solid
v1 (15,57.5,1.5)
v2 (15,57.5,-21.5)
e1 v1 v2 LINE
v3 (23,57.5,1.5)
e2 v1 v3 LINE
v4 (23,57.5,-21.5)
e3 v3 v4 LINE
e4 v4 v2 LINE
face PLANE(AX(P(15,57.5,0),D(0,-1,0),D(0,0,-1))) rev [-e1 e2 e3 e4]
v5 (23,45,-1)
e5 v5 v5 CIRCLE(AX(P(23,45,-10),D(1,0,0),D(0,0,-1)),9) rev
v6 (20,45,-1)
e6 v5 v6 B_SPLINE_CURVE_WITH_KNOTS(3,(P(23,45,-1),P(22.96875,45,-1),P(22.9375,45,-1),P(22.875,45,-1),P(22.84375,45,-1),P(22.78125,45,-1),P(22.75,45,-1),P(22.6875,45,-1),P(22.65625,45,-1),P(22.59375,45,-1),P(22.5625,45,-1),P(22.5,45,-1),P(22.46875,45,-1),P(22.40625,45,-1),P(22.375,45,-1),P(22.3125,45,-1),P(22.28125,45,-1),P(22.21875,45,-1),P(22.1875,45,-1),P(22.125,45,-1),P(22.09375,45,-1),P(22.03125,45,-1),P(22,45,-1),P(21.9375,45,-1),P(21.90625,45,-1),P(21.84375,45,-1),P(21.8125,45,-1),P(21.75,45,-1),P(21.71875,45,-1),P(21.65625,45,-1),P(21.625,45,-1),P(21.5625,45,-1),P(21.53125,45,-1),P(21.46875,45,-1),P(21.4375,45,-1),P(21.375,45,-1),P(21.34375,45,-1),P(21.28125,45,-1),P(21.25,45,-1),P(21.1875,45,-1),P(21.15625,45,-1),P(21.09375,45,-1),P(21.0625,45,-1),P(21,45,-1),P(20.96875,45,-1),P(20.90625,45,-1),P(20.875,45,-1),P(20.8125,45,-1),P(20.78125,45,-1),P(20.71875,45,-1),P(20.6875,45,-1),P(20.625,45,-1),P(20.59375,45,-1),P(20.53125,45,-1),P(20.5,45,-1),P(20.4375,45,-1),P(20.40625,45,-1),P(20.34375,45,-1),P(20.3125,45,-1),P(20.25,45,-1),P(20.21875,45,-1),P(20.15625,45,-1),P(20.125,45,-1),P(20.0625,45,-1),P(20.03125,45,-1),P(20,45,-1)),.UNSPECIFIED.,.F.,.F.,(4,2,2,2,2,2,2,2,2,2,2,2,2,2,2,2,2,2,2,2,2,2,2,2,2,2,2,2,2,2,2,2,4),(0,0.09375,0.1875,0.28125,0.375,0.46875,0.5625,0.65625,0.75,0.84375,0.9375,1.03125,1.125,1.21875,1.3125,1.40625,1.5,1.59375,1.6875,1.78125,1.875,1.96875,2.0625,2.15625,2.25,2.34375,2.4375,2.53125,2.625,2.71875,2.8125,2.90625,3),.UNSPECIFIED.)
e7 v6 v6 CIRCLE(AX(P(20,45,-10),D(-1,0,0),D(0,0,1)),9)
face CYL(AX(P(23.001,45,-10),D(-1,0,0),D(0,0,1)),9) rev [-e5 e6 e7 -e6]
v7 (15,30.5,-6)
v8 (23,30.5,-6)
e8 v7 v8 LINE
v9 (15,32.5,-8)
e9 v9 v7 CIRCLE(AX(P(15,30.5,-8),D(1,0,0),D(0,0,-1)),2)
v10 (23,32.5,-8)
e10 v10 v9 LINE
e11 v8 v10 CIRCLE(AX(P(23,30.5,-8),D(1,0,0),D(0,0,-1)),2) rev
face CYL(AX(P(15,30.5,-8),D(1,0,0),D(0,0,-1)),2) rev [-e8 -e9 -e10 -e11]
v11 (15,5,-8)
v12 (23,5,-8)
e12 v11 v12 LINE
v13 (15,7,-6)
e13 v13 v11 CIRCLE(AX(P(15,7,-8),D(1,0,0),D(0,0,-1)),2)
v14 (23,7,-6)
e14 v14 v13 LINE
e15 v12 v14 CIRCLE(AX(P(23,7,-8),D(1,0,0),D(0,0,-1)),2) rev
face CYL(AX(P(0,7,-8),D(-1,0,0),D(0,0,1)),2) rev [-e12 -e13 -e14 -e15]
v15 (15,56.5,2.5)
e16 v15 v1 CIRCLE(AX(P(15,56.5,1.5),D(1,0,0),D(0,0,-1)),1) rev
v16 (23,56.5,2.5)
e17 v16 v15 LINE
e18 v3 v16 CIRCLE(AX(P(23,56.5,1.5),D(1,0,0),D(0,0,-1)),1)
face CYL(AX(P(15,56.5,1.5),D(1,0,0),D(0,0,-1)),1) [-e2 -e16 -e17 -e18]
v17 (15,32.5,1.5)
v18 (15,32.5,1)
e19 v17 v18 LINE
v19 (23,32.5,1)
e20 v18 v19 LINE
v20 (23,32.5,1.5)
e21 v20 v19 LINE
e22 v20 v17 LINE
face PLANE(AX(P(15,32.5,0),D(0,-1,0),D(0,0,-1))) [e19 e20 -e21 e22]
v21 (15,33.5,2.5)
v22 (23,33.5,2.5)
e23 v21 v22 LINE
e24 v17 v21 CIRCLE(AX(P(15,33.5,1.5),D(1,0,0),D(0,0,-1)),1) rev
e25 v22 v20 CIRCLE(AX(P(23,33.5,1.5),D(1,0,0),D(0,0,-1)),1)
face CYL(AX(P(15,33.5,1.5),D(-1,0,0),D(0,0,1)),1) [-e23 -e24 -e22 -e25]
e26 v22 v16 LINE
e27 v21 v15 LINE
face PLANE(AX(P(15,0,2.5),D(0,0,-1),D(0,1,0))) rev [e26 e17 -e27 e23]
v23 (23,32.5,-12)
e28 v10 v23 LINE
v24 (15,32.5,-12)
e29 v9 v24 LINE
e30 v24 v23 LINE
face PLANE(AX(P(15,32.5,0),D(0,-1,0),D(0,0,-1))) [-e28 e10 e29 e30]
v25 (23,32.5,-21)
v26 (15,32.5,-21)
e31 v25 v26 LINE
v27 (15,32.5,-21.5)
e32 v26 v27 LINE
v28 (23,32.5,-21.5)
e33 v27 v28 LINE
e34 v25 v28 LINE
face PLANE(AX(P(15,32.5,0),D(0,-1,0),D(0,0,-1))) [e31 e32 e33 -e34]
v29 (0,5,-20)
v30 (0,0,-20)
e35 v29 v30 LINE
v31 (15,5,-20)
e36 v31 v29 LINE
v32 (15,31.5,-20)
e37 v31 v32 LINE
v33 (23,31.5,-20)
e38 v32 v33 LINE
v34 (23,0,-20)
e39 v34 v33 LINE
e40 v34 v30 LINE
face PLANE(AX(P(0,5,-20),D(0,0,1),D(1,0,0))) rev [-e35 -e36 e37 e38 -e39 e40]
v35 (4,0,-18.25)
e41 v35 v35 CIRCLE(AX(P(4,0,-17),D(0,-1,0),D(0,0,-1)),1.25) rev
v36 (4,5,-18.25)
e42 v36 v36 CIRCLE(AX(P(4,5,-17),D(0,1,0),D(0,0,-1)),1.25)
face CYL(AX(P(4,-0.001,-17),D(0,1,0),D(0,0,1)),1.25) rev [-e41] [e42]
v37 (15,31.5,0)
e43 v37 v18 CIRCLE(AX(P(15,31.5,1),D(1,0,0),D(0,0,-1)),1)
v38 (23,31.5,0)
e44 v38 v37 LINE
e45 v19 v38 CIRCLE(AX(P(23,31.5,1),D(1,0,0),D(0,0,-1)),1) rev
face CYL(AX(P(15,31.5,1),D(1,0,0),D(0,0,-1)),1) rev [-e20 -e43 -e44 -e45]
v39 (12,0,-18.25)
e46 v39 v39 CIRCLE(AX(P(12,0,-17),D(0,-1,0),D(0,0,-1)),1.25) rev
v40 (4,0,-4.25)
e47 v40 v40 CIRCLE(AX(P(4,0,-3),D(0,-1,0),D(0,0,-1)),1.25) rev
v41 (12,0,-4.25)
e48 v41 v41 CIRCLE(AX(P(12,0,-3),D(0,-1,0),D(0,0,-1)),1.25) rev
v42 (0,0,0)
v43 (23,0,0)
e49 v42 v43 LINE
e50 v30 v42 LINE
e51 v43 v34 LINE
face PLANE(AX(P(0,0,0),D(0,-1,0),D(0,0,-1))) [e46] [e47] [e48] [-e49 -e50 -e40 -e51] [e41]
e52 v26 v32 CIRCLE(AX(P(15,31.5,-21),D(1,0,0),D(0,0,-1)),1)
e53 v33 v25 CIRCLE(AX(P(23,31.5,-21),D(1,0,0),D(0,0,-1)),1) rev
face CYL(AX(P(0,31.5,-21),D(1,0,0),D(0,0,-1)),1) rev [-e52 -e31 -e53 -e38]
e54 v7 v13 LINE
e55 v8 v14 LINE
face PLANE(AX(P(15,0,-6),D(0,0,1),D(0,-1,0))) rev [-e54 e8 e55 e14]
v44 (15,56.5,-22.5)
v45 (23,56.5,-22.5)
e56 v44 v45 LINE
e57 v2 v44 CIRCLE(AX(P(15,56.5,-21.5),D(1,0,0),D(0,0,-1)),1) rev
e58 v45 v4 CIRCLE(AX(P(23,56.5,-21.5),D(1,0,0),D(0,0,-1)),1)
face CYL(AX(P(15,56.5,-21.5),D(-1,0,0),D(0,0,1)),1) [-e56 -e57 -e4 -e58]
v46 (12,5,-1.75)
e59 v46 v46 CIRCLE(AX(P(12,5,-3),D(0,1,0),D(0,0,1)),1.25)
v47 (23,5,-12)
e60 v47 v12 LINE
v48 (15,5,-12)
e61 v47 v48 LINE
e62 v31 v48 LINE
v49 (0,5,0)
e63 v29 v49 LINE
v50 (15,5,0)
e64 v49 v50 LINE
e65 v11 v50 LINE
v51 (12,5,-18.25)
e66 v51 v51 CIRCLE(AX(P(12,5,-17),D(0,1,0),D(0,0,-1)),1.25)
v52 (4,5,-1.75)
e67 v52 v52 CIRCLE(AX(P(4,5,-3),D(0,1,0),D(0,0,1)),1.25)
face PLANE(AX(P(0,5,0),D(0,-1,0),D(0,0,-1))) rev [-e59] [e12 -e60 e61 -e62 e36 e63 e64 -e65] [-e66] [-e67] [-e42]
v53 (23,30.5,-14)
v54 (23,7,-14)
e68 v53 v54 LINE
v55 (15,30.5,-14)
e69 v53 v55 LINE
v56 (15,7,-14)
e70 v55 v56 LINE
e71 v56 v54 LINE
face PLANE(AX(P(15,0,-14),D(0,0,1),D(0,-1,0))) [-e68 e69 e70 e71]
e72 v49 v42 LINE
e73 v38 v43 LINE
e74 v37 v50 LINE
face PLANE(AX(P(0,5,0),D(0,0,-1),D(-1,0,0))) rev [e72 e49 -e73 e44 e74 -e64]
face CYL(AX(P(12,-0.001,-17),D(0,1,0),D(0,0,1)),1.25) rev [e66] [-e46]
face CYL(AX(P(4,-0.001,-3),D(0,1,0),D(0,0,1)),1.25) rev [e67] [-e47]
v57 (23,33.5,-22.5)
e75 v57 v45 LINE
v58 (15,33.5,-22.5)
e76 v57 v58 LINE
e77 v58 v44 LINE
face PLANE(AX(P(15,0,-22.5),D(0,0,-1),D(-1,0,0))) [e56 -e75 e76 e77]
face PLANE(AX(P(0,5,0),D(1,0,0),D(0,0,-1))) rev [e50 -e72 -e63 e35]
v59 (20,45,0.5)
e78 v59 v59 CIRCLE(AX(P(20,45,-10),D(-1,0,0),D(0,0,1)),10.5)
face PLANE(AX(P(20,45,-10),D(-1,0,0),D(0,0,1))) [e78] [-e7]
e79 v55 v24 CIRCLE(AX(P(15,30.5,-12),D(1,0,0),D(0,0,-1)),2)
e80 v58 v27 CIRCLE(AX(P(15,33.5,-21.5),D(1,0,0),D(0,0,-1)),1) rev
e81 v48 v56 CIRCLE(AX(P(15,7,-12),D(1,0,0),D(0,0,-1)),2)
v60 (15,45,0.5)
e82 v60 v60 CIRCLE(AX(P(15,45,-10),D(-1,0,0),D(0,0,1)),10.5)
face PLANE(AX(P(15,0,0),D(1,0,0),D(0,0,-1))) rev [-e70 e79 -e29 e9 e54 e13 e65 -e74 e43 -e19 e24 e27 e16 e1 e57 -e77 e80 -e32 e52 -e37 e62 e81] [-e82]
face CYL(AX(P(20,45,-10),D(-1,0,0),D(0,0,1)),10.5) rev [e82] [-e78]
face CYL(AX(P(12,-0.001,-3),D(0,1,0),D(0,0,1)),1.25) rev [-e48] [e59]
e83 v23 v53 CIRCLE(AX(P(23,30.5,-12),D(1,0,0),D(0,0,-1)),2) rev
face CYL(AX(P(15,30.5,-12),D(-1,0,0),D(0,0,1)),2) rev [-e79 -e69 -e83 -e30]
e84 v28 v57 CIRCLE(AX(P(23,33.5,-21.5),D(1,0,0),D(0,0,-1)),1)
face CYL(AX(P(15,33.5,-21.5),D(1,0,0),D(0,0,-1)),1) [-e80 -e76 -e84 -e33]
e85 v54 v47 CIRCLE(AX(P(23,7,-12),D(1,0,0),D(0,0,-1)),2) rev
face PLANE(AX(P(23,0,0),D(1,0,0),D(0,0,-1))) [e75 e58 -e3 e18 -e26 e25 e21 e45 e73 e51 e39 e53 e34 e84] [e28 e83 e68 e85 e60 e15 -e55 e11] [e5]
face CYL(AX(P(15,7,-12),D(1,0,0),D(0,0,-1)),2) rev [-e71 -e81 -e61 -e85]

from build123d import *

# Parameters (mm, degrees)
SKETCH1_W                = 20
SKETCH1_H                = 20
BOSS_EXTRUDE1_DEPTH      = 5
BOSS_EXTRUDE2_DEPTH      = 3
BOSS_EXTRUDE2_DEPTH_BACK = 5
SKETCH2_W                = 6
SKETCH2_H                = 27.5
SKETCH2_W_2              = 20
SKETCH2_H_2              = 5
CUT_EXTRUDE1_REACH       = 63.575
SKETCH4_R                = 1.25
SKETCH8_R                = 10.5
CUT_EXTRUDE4_DEPTH       = 5
CUT_EXTRUDE5_REACH       = 66.904
SKETCH9_R                = 9
FILLET2_R                = 1
FILLET3_R                = 2


with BuildPart() as part:
    # Sketch1 → Boss-Extrude1 (new body)
    with BuildSketch(Plane(origin=(0, 0, 0), x_dir=(1, 0, 0), z_dir=(0, 1, 0))):
        with Locations((10, 10)):
            Rectangle(SKETCH1_W, SKETCH1_H)
    extrude(amount=BOSS_EXTRUDE1_DEPTH)

    # Sketch2 → Boss-Extrude2 (add, two sides: drawn at the far end of the back side and taken through both)
    with BuildSketch(Plane(origin=(20, 0, 0), x_dir=(0, 0, -1), z_dir=(1, 0, 0)).offset(-BOSS_EXTRUDE2_DEPTH_BACK)):
        with Locations((17, 18.75)):
            Rectangle(SKETCH2_W, SKETCH2_H)
        with Locations((3, 18.75)):
            Rectangle(SKETCH2_W, SKETCH2_H)
        with Locations((10, 2.5)):
            Rectangle(SKETCH2_W_2, SKETCH2_H_2)
        Polygon((-2.5, 32.5), (0, 32.5), (6, 32.5), (14, 32.5), (20, 32.5), (22.5, 32.5), (22.5, 57.5), (-2.5, 57.5), align=None)
    extrude(amount=BOSS_EXTRUDE2_DEPTH + BOSS_EXTRUDE2_DEPTH_BACK)

    # Sketch4 → Cut-Extrude1 (cut, up to next)
    with BuildSketch(Plane(origin=(0, 5, 0), x_dir=(1, 0, 0), z_dir=(0, 1, 0)), mode=Mode.PRIVATE) as cut_extrude1_sk1:
        with Locations(Location((12, 3, 0), (0, 0, 270))):
            Circle(SKETCH4_R)
    cut_extrude1_tool1 = extrude(cut_extrude1_sk1.sketch, amount=-CUT_EXTRUDE1_REACH, mode=Mode.PRIVATE) & part.part
    # Sketch4 → Cut-Extrude1 (cut, up to next)
    with BuildSketch(Plane(origin=(0, 5, 0), x_dir=(1, 0, 0), z_dir=(0, 1, 0)), mode=Mode.PRIVATE) as cut_extrude1_sk2:
        with Locations(Location((4, 3, 0), (0, 0, 270))):
            Circle(SKETCH4_R)
    cut_extrude1_tool2 = extrude(cut_extrude1_sk2.sketch, amount=-CUT_EXTRUDE1_REACH, mode=Mode.PRIVATE) & part.part
    # Sketch4 → Cut-Extrude1 (cut, up to next)
    with BuildSketch(Plane(origin=(0, 5, 0), x_dir=(1, 0, 0), z_dir=(0, 1, 0)), mode=Mode.PRIVATE) as cut_extrude1_sk3:
        with Locations(Location((12, 17, 0), (0, 0, 90))):
            Circle(SKETCH4_R)
    cut_extrude1_tool3 = extrude(cut_extrude1_sk3.sketch, amount=-CUT_EXTRUDE1_REACH, mode=Mode.PRIVATE) & part.part
    # Sketch4 → Cut-Extrude1 (cut, up to next)
    with BuildSketch(Plane(origin=(0, 5, 0), x_dir=(1, 0, 0), z_dir=(0, 1, 0)), mode=Mode.PRIVATE) as cut_extrude1_sk4:
        with Locations(Location((4, 17, 0), (0, 0, 90))):
            Circle(SKETCH4_R)
    cut_extrude1_tool4 = extrude(cut_extrude1_sk4.sketch, amount=-CUT_EXTRUDE1_REACH, mode=Mode.PRIVATE) & part.part
    add(cut_extrude1_tool1.solids().sort_by_distance((12, 5, -3))[0], mode=Mode.SUBTRACT)
    add(cut_extrude1_tool2.solids().sort_by_distance((4, 5, -3))[0], mode=Mode.SUBTRACT)
    add(cut_extrude1_tool3.solids().sort_by_distance((12, 5, -17))[0], mode=Mode.SUBTRACT)
    add(cut_extrude1_tool4.solids().sort_by_distance((4, 5, -17))[0], mode=Mode.SUBTRACT)

    # Sketch8 → Cut-Extrude4 (cut)
    with BuildSketch(Plane.ZY.offset(-15)):
        with Locations((-10, 45)):
            Circle(SKETCH8_R)
    extrude(amount=-CUT_EXTRUDE4_DEPTH, mode=Mode.SUBTRACT)

    # Sketch9 → Cut-Extrude5 (cut, up to next)
    with BuildSketch(Plane.ZY.offset(-20), mode=Mode.PRIVATE) as cut_extrude5_sk1:
        with Locations((-10, 45)):
            Circle(SKETCH9_R)
    cut_extrude5_tool1 = extrude(cut_extrude5_sk1.sketch, amount=-CUT_EXTRUDE5_REACH, mode=Mode.PRIVATE) & part.part
    add(cut_extrude5_tool1.solids().sort_by_distance((20, 45, -10))[0], mode=Mode.SUBTRACT)

    # Fillet2
    fillet2_edges = [part.edges().sort_by_distance(p)[0] for p in [
        (19, 32.5, -20),
        (19, 32.5, 0),
        (19, 32.5, 2.5),
        (19, 57.5, 2.5),
        (19, 57.5, -22.5),
        (19, 32.5, -22.5),
    ]]
    fillet(fillet2_edges, radius=FILLET2_R)

    # Fillet3
    fillet3_edges = [part.edges().sort_by_distance(p)[0] for p in [
        (19, 5, -6),
        (19, 32.5, -6),
        (19, 5, -14),
        (19, 32.5, -14),
    ]]
    fillet(fillet3_edges, radius=FILLET3_R)


solid = part.part
